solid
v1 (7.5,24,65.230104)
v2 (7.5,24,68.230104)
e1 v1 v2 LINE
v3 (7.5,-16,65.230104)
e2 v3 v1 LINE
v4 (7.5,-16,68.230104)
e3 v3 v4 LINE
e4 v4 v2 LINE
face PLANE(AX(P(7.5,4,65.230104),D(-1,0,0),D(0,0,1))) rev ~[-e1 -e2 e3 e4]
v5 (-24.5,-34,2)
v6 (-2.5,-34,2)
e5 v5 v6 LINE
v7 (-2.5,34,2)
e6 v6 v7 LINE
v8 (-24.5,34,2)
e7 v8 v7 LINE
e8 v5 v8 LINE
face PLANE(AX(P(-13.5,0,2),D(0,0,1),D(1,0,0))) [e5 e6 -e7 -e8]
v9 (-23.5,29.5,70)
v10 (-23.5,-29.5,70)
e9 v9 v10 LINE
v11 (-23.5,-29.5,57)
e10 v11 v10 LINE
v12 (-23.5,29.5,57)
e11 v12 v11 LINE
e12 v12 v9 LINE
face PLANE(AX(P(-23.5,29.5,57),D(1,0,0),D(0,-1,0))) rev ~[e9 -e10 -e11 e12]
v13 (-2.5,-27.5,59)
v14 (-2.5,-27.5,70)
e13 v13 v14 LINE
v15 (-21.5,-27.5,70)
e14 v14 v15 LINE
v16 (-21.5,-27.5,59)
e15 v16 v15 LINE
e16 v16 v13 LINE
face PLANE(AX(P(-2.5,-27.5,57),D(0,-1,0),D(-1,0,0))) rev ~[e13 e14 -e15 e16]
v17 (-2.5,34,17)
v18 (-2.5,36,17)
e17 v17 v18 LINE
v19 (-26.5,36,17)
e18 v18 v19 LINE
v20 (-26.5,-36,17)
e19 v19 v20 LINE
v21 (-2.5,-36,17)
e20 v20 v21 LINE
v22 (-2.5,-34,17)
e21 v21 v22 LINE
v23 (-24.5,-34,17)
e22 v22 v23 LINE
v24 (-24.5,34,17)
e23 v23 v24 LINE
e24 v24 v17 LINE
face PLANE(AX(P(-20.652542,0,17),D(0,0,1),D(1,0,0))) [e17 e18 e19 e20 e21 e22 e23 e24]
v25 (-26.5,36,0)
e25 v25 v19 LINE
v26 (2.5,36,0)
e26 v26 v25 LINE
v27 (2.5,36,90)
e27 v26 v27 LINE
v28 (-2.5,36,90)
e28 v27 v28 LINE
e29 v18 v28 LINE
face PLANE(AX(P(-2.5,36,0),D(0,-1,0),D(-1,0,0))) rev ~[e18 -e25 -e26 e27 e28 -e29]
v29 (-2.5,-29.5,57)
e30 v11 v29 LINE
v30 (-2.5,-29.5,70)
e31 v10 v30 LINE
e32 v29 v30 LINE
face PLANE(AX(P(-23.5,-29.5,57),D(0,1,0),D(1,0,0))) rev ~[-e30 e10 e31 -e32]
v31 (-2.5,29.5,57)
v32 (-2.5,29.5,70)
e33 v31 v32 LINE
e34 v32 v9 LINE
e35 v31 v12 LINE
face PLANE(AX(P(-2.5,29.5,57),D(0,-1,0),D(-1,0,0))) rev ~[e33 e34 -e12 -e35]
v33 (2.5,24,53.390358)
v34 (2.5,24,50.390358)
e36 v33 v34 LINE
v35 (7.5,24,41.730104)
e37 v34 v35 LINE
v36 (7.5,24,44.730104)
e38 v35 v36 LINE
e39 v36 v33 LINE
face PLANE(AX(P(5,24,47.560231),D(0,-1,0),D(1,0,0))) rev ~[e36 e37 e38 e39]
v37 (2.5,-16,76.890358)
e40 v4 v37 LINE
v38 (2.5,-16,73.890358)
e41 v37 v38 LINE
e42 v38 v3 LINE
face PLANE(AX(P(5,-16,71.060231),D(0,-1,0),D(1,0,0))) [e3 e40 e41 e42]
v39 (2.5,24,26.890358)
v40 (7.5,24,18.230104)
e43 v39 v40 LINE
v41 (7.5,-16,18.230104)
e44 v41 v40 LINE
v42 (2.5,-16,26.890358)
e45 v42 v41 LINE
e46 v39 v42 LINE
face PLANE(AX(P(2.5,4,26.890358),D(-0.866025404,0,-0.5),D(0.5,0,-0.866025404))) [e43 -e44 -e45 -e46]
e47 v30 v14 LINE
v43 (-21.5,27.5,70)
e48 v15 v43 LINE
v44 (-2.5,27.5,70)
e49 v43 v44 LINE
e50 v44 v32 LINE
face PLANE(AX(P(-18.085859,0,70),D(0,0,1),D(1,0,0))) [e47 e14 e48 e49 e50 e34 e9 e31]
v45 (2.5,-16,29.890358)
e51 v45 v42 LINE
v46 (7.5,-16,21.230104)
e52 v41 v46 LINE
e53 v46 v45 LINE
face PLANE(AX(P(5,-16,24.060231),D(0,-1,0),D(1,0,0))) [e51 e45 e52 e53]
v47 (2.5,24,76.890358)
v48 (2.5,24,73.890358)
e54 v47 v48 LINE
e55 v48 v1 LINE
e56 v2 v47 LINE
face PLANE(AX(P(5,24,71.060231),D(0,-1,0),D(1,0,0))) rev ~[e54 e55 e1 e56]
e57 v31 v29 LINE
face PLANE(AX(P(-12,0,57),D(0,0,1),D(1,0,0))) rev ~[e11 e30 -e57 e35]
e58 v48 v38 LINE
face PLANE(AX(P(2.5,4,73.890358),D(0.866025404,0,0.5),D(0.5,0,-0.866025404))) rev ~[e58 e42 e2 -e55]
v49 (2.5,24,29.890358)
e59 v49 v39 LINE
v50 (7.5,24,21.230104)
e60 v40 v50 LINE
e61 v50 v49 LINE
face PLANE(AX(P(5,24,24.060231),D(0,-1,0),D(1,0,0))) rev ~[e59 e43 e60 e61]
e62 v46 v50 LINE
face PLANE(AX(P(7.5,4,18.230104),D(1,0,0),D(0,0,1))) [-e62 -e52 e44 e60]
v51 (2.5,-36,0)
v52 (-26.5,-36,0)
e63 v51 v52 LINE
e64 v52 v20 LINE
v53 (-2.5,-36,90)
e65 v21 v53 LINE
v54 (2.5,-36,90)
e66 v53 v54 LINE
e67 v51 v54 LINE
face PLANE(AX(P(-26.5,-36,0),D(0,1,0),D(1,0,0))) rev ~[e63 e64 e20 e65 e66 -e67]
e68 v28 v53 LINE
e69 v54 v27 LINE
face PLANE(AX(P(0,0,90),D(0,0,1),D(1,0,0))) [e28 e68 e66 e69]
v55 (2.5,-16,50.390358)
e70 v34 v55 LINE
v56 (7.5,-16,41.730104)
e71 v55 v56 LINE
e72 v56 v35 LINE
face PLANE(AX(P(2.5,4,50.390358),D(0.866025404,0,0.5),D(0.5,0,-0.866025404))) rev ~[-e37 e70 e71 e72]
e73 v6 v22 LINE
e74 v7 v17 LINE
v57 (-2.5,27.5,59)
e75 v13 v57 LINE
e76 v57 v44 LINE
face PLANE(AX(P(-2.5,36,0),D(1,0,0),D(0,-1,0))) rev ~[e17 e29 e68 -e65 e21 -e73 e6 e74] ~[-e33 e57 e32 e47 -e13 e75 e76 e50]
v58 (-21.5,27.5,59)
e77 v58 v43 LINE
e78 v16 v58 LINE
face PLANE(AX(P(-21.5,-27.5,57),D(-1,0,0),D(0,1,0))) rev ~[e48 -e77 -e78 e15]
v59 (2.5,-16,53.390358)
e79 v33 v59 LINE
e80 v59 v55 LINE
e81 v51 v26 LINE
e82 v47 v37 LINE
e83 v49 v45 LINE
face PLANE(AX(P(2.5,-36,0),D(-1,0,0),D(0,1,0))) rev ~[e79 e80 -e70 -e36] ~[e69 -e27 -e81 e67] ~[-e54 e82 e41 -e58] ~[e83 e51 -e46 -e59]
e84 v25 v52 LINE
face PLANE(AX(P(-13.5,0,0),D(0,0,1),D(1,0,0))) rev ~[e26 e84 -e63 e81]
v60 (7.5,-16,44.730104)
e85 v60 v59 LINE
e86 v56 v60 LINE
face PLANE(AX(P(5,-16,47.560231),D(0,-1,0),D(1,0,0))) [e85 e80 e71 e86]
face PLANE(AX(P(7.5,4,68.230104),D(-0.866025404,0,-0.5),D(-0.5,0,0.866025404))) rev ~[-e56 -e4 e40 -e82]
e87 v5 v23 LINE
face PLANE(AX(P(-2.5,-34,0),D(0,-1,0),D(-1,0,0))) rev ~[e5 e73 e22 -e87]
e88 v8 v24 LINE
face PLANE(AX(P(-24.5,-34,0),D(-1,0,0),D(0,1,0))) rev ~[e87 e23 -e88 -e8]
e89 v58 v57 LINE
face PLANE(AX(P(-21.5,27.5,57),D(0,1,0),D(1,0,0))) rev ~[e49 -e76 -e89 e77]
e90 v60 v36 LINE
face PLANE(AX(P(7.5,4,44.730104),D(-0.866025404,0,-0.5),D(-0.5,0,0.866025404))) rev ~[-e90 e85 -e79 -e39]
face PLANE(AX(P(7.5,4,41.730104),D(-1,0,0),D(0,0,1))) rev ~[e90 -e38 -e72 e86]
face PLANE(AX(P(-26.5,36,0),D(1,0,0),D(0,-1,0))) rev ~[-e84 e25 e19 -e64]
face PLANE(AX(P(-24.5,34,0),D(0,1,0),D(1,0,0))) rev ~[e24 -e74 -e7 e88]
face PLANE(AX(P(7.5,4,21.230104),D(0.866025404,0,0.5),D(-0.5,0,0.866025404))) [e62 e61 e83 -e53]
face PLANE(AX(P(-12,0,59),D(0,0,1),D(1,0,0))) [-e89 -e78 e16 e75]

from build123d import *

# Parameters (mm, degrees)
F1_DEPTH  = 90
F2_DEPTH  = 17
F0_W      = 22
F0_H      = 68
F3_DEPTH  = 2
F6_DEPTH  = 13
F5_W      = 19
F5_H      = 55
F7_DEPTH  = 2
F10_DEPTH = 20


with BuildPart() as f1:
    # F0 (on Top) → F1 (new body)
    with BuildSketch(Plane.XY):
        Polygon((2.5, -36), (2.5, 36), (-2.5, 36), (-2.5, 34), (-2.5, -34), (-2.5, -36), align=None)
    extrude(amount=F1_DEPTH)

    # F0 (on Top) → F2 (join)
    with BuildSketch(Plane.XY):
        Polygon((-2.5, 34), (-2.5, 36), (-26.5, 36), (-26.5, -36), (-2.5, -36), (-2.5, -34), (-24.5, -34), (-24.5, 34), align=None)
    extrude(amount=F2_DEPTH)

    # F0 (on Top) → F3 (join)
    with BuildSketch(Plane.XY):
        with Locations((-13.5, 0)):
            Rectangle(F0_W, F0_H)
    extrude(amount=F3_DEPTH)

    # F5 (on offset) → F6 (join)
    with BuildSketch(Plane.XY.offset(57)):
        Polygon((-2.5, 27.5), (-2.5, 29.5), (-23.5, 29.5), (-23.5, -29.5), (-2.5, -29.5), (-2.5, -27.5), (-21.5, -27.5), (-21.5, 27.5), align=None)
    extrude(amount=F6_DEPTH)

    # F5 (on offset) → F7 (join)
    with BuildSketch(Plane.XY.offset(57)):
        with Locations((-12, 0)):
            Rectangle(F5_W, F5_H)
    extrude(amount=F7_DEPTH)

    # F9 (on offset) → F10 (join, symmetric)
    with BuildSketch(Plane.XZ.offset(-4)):
        Polygon((7.5, 68.2301041718), (2.5, 76.8903582096), (2.5, 73.8903582096), (7.5, 65.2301041718), align=None)
        Polygon((7.5, 44.7301041718), (2.5, 53.3903582096), (2.5, 50.3903582096), (7.5, 41.7301041718), align=None)
        Polygon((7.5, 21.2301041718), (2.5, 29.8903582096), (2.5, 26.8903582096), (7.5, 18.2301041718), align=None)
    extrude(amount=F10_DEPTH, both=True)


solid = f1.part
